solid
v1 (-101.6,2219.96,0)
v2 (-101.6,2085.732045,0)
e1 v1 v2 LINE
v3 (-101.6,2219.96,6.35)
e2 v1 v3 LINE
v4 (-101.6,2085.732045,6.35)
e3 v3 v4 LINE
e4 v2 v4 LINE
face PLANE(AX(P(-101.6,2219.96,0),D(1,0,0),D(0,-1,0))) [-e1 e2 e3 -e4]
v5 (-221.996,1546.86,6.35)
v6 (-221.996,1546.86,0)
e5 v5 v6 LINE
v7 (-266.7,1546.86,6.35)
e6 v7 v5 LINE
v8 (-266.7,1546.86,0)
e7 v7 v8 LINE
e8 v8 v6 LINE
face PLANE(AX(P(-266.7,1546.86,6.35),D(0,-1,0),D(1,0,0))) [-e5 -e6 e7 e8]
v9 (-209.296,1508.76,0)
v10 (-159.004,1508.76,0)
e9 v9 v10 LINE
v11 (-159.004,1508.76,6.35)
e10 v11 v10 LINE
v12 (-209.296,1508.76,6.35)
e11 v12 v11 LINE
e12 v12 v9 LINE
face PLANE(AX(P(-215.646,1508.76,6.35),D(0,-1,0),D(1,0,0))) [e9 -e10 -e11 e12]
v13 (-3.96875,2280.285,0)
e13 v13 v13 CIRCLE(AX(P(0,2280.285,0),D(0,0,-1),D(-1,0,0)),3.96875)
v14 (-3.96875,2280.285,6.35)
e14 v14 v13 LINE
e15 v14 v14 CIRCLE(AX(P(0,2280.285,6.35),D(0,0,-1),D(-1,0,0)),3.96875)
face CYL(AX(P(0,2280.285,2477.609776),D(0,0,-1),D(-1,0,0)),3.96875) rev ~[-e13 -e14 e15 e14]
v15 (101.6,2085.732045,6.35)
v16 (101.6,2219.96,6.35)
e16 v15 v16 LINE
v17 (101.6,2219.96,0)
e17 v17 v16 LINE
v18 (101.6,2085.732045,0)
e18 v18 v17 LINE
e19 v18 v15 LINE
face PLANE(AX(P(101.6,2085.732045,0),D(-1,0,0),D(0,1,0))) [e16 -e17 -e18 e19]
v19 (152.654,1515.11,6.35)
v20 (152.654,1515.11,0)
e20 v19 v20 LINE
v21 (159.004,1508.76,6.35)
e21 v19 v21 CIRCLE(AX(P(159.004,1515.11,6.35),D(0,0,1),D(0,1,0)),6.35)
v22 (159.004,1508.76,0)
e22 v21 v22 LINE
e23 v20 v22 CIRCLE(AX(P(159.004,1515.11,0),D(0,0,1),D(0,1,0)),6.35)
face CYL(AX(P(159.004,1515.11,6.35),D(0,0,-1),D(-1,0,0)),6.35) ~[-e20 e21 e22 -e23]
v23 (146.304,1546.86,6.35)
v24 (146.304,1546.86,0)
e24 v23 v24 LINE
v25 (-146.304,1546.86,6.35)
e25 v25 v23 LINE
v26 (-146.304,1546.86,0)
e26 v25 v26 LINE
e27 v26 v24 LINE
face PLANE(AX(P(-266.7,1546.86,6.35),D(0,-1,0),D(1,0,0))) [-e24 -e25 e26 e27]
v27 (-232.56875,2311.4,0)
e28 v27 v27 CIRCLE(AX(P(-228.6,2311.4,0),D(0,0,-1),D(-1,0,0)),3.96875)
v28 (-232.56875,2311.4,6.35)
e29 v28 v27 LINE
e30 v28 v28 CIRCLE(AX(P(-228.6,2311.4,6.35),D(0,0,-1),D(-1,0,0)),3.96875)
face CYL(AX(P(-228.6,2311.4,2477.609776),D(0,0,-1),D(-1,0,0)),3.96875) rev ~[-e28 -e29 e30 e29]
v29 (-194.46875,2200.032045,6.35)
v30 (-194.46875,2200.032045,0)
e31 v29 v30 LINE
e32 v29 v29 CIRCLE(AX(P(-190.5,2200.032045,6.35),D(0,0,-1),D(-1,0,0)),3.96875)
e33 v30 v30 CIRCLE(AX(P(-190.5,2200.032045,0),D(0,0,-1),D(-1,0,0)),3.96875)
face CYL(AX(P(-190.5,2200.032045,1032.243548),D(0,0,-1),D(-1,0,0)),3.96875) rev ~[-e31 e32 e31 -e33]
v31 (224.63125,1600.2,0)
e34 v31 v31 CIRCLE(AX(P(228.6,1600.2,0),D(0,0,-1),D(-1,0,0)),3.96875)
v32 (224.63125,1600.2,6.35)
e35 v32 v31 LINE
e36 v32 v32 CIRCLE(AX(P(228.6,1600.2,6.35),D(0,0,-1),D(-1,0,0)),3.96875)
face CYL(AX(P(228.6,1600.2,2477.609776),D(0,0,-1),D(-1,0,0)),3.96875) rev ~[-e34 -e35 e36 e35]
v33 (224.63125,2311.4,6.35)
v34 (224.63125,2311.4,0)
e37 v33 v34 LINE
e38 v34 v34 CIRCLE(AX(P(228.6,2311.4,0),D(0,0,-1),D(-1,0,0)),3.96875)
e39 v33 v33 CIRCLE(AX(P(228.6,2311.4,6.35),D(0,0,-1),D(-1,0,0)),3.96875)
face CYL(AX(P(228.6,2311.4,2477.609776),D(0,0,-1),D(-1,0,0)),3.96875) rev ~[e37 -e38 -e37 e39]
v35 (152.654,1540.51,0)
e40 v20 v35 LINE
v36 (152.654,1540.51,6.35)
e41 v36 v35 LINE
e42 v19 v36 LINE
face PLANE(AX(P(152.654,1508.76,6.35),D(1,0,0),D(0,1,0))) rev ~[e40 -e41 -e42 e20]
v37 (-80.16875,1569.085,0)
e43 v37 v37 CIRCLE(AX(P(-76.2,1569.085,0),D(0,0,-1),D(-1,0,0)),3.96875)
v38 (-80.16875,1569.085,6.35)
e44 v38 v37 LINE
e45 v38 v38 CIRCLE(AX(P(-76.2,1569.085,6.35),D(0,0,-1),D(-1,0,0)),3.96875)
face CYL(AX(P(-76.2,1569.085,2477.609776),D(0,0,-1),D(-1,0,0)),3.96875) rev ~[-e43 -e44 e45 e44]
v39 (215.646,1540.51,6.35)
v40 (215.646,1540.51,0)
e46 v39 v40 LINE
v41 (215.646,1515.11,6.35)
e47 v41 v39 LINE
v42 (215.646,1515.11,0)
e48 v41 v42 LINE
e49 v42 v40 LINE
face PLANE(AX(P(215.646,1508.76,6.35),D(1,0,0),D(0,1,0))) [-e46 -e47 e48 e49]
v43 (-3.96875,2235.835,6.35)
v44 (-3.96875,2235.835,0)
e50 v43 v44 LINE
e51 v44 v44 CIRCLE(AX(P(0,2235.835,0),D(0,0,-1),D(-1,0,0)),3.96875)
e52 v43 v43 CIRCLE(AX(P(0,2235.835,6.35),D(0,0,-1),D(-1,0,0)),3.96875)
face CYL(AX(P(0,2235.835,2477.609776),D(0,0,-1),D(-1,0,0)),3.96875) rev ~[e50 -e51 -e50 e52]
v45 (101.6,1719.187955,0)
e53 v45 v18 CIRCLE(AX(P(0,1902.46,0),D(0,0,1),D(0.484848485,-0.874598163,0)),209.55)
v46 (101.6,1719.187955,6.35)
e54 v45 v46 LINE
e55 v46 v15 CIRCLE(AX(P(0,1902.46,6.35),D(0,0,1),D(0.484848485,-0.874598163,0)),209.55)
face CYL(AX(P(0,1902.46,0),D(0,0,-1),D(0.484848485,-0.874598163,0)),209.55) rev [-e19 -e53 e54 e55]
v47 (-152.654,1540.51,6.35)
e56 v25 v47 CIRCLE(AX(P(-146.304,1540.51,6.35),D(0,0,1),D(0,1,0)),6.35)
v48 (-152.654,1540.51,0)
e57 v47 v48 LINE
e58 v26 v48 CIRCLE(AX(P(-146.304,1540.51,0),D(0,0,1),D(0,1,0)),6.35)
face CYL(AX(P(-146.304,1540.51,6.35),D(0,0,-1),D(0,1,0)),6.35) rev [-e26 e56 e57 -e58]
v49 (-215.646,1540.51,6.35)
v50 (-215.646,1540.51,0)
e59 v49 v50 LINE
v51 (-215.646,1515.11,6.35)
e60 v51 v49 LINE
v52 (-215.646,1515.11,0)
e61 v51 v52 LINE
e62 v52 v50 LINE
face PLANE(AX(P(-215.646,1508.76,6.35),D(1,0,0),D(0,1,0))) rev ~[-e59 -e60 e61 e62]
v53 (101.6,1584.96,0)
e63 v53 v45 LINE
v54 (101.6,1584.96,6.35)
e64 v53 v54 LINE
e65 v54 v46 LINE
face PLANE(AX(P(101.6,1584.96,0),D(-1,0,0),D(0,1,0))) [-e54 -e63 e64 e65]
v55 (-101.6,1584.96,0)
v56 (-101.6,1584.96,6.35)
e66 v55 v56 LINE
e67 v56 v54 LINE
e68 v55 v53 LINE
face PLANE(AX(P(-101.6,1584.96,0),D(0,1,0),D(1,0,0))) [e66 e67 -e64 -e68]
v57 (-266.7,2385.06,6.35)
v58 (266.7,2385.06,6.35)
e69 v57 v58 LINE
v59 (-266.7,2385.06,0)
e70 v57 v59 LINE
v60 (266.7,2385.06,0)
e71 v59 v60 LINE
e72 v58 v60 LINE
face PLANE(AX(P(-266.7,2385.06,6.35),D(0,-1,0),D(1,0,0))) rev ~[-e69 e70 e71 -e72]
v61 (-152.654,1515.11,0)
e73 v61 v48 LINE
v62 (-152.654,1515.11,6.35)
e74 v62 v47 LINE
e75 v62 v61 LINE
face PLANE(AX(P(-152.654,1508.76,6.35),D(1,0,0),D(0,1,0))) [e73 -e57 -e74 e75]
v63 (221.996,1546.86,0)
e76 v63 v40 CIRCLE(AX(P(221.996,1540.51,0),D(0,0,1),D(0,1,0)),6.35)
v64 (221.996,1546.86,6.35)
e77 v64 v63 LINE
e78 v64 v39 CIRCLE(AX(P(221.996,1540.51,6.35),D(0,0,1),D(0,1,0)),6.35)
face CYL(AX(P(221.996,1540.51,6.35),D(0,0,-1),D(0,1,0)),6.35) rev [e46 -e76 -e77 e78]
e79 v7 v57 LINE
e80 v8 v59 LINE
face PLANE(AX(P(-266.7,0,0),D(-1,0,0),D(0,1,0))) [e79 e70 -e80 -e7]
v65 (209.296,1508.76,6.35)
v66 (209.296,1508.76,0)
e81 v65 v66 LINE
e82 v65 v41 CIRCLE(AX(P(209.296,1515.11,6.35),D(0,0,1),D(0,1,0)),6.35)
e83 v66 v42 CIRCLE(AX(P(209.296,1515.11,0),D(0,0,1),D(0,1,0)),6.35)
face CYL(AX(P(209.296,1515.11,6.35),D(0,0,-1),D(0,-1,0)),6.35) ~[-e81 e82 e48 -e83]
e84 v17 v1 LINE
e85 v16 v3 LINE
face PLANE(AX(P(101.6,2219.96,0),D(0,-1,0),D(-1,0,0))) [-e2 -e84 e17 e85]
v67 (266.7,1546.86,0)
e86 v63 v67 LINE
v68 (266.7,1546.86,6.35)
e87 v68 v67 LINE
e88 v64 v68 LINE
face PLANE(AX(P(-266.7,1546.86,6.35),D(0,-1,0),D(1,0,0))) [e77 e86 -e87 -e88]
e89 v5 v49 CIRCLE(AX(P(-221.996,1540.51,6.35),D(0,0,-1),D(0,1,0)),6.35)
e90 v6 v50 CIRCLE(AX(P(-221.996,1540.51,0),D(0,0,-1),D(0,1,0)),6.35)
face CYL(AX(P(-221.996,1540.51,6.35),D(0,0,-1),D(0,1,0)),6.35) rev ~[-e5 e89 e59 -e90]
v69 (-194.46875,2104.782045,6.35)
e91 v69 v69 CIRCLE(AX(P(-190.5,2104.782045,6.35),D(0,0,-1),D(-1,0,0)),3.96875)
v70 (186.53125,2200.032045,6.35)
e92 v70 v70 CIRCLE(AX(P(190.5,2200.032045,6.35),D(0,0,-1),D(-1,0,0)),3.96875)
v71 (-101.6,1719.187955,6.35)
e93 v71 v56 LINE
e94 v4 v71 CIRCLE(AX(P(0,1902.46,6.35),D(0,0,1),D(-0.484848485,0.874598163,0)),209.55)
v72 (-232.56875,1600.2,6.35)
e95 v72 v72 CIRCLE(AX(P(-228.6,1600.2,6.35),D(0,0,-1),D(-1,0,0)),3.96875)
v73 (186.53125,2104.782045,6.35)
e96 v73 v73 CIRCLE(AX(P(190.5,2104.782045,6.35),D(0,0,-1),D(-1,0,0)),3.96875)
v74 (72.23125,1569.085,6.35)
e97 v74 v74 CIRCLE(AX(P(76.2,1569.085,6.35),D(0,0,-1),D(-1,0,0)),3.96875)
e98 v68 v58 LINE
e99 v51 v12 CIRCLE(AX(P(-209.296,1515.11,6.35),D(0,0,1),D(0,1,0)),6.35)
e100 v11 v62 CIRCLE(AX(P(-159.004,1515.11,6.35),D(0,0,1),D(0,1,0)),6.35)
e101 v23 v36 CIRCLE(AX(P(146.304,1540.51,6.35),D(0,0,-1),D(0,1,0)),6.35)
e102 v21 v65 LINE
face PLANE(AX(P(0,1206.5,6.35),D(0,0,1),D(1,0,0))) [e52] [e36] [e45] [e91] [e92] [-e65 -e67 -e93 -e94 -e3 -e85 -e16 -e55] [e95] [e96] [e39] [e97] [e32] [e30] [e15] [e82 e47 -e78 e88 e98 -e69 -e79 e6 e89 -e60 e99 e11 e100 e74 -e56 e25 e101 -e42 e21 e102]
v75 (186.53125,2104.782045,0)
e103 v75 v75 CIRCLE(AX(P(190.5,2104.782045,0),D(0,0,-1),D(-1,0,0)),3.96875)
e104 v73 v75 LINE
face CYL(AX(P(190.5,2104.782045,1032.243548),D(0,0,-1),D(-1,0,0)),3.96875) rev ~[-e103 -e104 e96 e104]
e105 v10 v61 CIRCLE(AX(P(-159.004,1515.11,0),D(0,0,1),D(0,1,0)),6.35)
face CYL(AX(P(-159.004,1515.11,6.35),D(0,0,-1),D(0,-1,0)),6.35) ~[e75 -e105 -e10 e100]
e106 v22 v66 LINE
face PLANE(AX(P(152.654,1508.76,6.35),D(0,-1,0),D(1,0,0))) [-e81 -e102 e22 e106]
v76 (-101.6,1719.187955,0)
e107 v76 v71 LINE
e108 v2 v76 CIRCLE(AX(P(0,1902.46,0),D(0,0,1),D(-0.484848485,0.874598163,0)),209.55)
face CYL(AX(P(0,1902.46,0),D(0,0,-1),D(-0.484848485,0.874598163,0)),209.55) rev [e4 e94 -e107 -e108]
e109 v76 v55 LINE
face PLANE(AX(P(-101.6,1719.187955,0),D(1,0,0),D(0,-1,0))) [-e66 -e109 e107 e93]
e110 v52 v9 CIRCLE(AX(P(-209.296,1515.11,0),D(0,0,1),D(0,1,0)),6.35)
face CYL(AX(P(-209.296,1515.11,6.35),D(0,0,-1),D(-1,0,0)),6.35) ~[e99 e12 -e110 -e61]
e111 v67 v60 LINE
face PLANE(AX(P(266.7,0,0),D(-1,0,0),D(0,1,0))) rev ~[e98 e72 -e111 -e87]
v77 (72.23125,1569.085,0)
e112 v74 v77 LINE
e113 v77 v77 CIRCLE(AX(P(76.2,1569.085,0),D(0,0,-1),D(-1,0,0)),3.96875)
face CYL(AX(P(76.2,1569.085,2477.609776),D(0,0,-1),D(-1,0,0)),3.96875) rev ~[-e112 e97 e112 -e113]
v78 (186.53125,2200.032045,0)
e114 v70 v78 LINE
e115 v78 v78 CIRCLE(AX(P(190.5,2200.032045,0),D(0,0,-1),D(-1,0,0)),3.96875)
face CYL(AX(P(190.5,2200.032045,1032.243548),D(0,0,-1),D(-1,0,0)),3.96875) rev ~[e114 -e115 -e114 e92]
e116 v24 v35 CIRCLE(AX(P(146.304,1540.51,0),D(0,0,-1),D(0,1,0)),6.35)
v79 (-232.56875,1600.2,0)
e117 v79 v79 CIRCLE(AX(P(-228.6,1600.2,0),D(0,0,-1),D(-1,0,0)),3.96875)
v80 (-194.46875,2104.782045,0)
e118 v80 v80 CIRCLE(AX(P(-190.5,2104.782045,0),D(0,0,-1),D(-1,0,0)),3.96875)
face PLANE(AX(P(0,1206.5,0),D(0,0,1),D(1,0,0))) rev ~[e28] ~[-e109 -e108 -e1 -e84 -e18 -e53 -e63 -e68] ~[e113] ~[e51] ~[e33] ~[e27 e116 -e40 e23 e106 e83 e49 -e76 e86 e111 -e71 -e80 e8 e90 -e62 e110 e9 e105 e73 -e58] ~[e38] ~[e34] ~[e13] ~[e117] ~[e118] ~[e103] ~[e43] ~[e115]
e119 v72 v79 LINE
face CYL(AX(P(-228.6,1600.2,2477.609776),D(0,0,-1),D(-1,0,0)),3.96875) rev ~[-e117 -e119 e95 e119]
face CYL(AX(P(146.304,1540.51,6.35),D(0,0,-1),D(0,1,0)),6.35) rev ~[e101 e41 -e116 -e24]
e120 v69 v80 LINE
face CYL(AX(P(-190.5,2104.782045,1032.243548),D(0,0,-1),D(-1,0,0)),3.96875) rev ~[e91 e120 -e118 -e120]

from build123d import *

# Parameters (mm, degrees)
SKETCH1_W                      = 533.4
SKETCH1_H                      = 2413
BOSS_EXTRUDE1_DEPTH            = 6.35
F_5_16_0_3125_DIAMETER_HOLE1_D = 7.9375
SKETCH6_W                      = 533.4
SKETCH6_H                      = 1546.86
CUT_EXTRUDE1_DEPTH             = 7.35
SKETCH7_W                      = 62.992
SKETCH7_H                      = 38.1
BOSS_EXTRUDE2_DEPTH            = 6.35
FILLET1_R                      = 6.35
SKETCH9_W                      = 533.4
SKETCH9_H                      = 27.94
CUT_EXTRUDE3_DEPTH             = 7.35
F_5_16_0_3125_DIAMETER_HOLE2_D = 7.9375


with BuildPart() as part:
    # Sketch1 → Boss-Extrude1 (new body)
    with BuildSketch(Plane.XY):
        with Locations((0, 1206.5)):
            Rectangle(SKETCH1_W, SKETCH1_H)
        with BuildLine():
            Line((-101.6, 797.56), (101.6, 797.56))
            Line((101.6, 797.56), (101.6, 663.332045059))
            ThreePointArc((101.6, 663.332045059), (209.55, 480.06), (101.6, 296.787954941))
            Line((101.6, 296.787954941), (101.6, 162.56))
            Line((101.6, 162.56), (-101.6, 162.56))
            Line((-101.6, 162.56), (-101.6, 296.787954941))
            ThreePointArc((-101.6, 296.787954941), (-209.55, 480.06), (-101.6, 663.332045059))
            Line((-101.6, 663.332045059), (-101.6, 797.56))
        make_face(mode=Mode.SUBTRACT)
        with BuildLine():
            Line((-101.6, 1508.76), (-101.6, 1374.532045059))
            ThreePointArc((-101.6, 1374.532045059), (-209.55, 1191.26), (-101.6, 1007.987954941))
            Line((-101.6, 1007.987954941), (-101.6, 873.76))
            Line((-101.6, 873.76), (101.6, 873.76))
            Line((101.6, 873.76), (101.6, 1007.987954941))
            ThreePointArc((101.6, 1007.987954941), (209.55, 1191.26), (101.6, 1374.532045059))
            Line((101.6, 1374.532045059), (101.6, 1508.76))
            Line((101.6, 1508.76), (-101.6, 1508.76))
        make_face(mode=Mode.SUBTRACT)
        with BuildLine():
            Line((-101.6, 2219.96), (-101.6, 2085.732045059))
            ThreePointArc((-101.6, 2085.732045059), (-209.55, 1902.46), (-101.6, 1719.187954941))
            Line((-101.6, 1719.187954941), (-101.6, 1584.96))
            Line((-101.6, 1584.96), (101.6, 1584.96))
            Line((101.6, 1584.96), (101.6, 1719.187954941))
            ThreePointArc((101.6, 1719.187954941), (209.55, 1902.46), (101.6, 2085.732045059))
            Line((101.6, 2085.732045059), (101.6, 2219.96))
            Line((101.6, 2219.96), (-101.6, 2219.96))
        make_face(mode=Mode.SUBTRACT)
    extrude(amount=BOSS_EXTRUDE1_DEPTH)

    # 5/16 (0.3125) Diameter Hole1 (through all)
    with Locations(Plane.XY.offset(6.35)):
        with Locations((-76.2, 146.685), (-76.2, 102.235), (-228.6, 177.8), (76.2, 102.235), (76.2, 146.685), (-76.2, 857.885), (-76.2, 813.435), (76.2, 813.435), (76.2, 857.885), (-76.2, 1569.085), (-76.2, 1524.635), (76.2, 1524.635), (76.2, 1569.085), (228.6, 177.8), (-228.6, 889), (228.6, 889), (-228.6, 1600.2), (228.6, 1600.2), (0, 2280.285), (0, 2235.835), (228.6, 2311.4), (-228.6, 2311.4)):
            Hole(F_5_16_0_3125_DIAMETER_HOLE1_D / 2)

    # Sketch6 → Cut-Extrude1 (cut, through all)
    with BuildSketch(Plane.XY.offset(6.35)):
        with Locations((0, 773.43)):
            Rectangle(SKETCH6_W, SKETCH6_H)
    extrude(amount=-CUT_EXTRUDE1_DEPTH, mode=Mode.SUBTRACT)

    # Sketch7 → Boss-Extrude2 (add)
    with BuildSketch(Plane.XY.offset(6.35)):
        with Locations((-184.15, 1527.81)):
            Rectangle(SKETCH7_W, SKETCH7_H)
        with Locations((184.15, 1527.81)):
            Rectangle(SKETCH7_W, SKETCH7_H)
    extrude(amount=-BOSS_EXTRUDE2_DEPTH)

    # Fillet1
    fillet1_edges = [part.edges().sort_by_distance(p)[0] for p in [
        (-152.654, 1508.76, 3.175),
        (-215.646, 1508.76, 3.175),
        (-215.646, 1546.86, 3.175),
        (-152.654, 1546.86, 3.175),
        (215.646, 1508.76, 3.175),
        (215.646, 1546.86, 3.175),
        (152.654, 1546.86, 3.175),
        (152.654, 1508.76, 3.175),
    ]]
    fillet(fillet1_edges, radius=FILLET1_R)

    # Sketch9 → Cut-Extrude3 (cut, through all)
    with BuildSketch(Plane.XY.offset(6.35)):
        with Locations((0, 2399.03)):
            Rectangle(SKETCH9_W, SKETCH9_H)
    extrude(amount=-CUT_EXTRUDE3_DEPTH, mode=Mode.SUBTRACT)

    # 5/16 (0.3125) Diameter Hole2 (through all)
    with Locations(Plane.XY.offset(6.35)):
        with Locations((-190.5, 2200.032045059), (-190.5, 2104.782045059), (190.5, 2200.032045059), (190.5, 2104.782045059)):
            Hole(F_5_16_0_3125_DIAMETER_HOLE2_D / 2)


solid = part.part
